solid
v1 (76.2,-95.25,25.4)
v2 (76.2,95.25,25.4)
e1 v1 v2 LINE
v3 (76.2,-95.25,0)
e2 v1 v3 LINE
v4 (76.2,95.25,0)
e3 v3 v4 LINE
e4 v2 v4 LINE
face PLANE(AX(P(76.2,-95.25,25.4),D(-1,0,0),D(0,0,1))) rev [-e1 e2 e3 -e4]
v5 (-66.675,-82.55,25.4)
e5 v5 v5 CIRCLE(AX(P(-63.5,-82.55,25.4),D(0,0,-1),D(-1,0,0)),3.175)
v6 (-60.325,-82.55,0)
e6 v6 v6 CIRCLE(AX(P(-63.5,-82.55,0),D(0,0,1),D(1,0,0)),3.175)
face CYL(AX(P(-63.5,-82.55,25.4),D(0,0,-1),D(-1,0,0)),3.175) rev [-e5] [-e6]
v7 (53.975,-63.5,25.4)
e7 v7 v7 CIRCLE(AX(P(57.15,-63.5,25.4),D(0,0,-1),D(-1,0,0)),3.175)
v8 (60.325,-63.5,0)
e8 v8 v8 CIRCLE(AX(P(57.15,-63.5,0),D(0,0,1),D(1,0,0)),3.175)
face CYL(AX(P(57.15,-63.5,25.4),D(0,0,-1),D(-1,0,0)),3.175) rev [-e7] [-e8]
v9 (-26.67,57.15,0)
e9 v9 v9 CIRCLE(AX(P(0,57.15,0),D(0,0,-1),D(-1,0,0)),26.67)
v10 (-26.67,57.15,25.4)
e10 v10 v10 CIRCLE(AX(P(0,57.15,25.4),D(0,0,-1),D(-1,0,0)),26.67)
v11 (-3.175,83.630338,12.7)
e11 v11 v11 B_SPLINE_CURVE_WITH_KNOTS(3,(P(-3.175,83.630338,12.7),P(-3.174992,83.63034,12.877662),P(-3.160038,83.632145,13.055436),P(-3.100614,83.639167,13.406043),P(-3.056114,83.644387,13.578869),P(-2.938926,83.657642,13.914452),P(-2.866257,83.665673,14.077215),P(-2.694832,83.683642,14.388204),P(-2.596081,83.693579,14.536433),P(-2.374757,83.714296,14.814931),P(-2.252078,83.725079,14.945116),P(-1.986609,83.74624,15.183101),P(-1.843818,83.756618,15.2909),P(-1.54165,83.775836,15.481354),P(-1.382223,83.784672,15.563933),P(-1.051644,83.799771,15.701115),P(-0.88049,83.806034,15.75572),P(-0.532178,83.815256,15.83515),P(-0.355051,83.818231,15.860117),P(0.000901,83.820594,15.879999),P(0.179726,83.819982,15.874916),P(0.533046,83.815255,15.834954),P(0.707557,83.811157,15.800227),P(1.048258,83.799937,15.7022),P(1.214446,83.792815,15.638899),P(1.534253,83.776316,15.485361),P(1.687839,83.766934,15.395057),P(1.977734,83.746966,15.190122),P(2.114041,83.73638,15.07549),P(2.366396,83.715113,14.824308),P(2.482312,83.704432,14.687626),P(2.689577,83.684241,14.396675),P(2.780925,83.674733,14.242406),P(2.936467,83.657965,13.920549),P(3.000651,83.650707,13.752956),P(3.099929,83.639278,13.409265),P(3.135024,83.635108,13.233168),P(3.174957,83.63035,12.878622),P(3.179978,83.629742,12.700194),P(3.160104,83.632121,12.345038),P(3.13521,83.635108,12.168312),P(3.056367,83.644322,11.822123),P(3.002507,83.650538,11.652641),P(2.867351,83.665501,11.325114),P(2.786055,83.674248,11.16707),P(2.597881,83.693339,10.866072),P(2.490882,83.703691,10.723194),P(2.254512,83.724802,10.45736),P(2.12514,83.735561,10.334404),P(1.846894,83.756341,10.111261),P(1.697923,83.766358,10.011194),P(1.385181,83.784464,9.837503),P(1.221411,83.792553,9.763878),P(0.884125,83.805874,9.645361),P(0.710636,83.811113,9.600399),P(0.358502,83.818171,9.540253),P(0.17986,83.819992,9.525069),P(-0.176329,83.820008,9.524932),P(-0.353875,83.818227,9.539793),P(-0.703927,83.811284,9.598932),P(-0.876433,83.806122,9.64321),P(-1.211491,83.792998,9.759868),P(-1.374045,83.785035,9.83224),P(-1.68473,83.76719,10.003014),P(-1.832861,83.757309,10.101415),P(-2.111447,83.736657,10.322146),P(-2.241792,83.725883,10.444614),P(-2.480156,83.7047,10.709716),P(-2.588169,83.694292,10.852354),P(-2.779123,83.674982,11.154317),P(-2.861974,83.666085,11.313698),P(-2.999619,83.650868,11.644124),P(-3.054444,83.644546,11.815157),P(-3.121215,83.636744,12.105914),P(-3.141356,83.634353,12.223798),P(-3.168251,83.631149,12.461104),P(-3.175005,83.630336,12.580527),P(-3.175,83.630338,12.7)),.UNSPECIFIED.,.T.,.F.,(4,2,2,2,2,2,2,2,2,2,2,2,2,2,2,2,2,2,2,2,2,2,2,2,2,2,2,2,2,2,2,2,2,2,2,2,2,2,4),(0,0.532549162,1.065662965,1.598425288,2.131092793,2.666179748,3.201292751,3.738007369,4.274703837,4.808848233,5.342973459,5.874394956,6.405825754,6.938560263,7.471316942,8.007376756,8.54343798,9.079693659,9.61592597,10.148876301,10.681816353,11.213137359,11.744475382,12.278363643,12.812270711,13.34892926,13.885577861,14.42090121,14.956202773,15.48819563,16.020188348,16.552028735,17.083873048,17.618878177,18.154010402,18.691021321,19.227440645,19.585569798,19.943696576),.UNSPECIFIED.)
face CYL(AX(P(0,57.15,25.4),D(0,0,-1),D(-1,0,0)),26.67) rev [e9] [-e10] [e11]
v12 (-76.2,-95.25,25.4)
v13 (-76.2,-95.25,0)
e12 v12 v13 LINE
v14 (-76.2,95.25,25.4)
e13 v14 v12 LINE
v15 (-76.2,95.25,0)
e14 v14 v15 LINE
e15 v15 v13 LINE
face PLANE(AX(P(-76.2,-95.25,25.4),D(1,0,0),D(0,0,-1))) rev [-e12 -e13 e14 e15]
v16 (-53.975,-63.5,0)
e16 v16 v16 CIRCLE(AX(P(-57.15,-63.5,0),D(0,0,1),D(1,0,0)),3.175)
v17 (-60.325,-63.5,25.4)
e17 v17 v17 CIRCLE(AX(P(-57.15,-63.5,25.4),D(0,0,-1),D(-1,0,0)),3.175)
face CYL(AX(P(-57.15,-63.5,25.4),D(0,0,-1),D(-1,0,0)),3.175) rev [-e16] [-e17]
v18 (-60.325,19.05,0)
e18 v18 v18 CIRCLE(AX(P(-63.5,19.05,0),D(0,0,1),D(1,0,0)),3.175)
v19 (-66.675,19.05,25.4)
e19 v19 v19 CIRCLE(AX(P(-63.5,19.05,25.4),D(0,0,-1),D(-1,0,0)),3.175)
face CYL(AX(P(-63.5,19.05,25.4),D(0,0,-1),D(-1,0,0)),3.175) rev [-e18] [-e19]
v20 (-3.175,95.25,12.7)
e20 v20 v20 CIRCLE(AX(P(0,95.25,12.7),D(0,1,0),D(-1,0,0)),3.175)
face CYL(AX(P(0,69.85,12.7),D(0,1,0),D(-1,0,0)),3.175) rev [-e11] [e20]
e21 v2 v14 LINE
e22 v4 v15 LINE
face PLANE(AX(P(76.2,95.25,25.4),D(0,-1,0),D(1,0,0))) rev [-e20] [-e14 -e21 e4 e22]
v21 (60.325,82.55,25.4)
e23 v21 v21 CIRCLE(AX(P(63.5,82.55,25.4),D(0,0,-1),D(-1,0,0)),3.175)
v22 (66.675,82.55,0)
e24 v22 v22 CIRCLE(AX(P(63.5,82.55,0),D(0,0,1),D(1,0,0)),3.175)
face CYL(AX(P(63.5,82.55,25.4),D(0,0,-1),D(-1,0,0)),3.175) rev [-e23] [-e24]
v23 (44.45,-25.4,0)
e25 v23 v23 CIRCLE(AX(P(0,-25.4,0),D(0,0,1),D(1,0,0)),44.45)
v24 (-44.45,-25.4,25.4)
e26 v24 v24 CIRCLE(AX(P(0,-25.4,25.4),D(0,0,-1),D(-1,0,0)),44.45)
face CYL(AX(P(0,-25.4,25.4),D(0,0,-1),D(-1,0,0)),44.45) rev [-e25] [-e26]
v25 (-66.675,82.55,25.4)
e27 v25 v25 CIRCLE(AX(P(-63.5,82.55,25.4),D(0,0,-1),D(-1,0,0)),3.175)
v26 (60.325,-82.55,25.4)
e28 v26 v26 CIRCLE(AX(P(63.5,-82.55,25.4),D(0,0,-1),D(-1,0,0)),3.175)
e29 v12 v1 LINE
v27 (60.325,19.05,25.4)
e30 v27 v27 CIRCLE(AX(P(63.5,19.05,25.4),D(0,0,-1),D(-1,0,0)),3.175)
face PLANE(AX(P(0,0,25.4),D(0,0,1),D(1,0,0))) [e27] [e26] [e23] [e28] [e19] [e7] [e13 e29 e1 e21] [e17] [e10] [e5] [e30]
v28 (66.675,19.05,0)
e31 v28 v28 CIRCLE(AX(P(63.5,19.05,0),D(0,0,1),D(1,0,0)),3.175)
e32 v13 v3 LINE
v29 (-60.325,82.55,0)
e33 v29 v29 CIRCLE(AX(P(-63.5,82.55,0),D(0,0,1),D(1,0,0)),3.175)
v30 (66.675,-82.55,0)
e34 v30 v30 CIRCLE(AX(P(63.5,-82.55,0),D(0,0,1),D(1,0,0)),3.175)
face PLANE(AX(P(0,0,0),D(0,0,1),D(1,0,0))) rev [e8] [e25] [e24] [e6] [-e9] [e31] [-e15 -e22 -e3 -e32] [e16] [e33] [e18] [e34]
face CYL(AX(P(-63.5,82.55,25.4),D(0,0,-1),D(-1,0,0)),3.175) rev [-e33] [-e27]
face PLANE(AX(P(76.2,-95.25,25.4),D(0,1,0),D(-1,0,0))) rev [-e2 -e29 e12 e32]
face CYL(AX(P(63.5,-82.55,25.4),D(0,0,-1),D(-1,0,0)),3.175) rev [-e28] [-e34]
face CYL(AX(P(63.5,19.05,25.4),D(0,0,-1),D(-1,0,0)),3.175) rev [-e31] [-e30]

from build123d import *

# Parameters (mm, degrees)
SKETCH1_W               = 152.4
SKETCH1_H               = 190.5
BOSS_EXTRUDE1_DEPTH     = 25.4
SKETCH2_R               = 26.67
CUT_EXTRUDE1_DEPTH      = 125.595997127
CUT_EXTRUDE3_DEPTH      = 125.595997127
CUT_EXTRUDE3_DEPTH_BACK = 125.595997127
SKETCH3_R               = 3.175
CUT_EXTRUDE4_DEPTH      = 125.595997127
CUT_EXTRUDE4_DEPTH_BACK = 125.595997127
SKETCH4_R               = 44.45
CUT_EXTRUDE5_DEPTH      = 125.595997127
CUT_EXTRUDE5_DEPTH_BACK = 125.595997127
SKETCH6_R               = 3.175
CUT_EXTRUDE6_DEPTH      = 125.595997127
CUT_EXTRUDE6_DEPTH_BACK = 125.595997127
SKETCH7_R               = 3.175
SKETCH8_R               = 3.175
CUT_EXTRUDE7_DEPTH      = 25.4


with BuildPart() as part:
    # Sketch1 → Boss-Extrude1 (new body)
    with BuildSketch(Plane.XY):
        Rectangle(SKETCH1_W, SKETCH1_H)
    extrude(amount=BOSS_EXTRUDE1_DEPTH)

    # Sketch2 → Cut-Extrude1 (cut, through all)
    with BuildSketch(Plane(origin=(0, 0, 0), x_dir=(-1, 0, 0), z_dir=(0, 0, -1))):
        with Locations((0, 57.15)):
            Circle(SKETCH2_R)
    extrude(amount=-CUT_EXTRUDE1_DEPTH, mode=Mode.SUBTRACT)

    # Sketch3 → Cut-Extrude3 (cut, two sides: drawn at the far end of the back side and taken through both)
    with BuildSketch(Plane(origin=(0, 0, 0), x_dir=(-1, 0, 0), z_dir=(0, 0, -1)).offset(-CUT_EXTRUDE3_DEPTH_BACK)):
        with Locations((-63.5, 82.55)):
            Circle(SKETCH3_R)
        with Locations((63.5, 82.55)):
            Circle(SKETCH3_R)
        with Locations((63.5, -82.55)):
            Circle(SKETCH3_R)
        with Locations((-63.5, -82.55)):
            Circle(SKETCH3_R)
    extrude(amount=CUT_EXTRUDE3_DEPTH + CUT_EXTRUDE3_DEPTH_BACK, mode=Mode.SUBTRACT)

    # Sketch4 → Cut-Extrude4 (cut, two sides: drawn at the far end of the back side and taken through both)
    with BuildSketch(Plane(origin=(0, 0, 0), x_dir=(-1, 0, 0), z_dir=(0, 0, -1)).offset(-CUT_EXTRUDE4_DEPTH_BACK)):
        with Locations((0, -25.4)):
            Circle(SKETCH4_R)
    extrude(amount=CUT_EXTRUDE4_DEPTH + CUT_EXTRUDE4_DEPTH_BACK, mode=Mode.SUBTRACT)

    # Sketch6 → Cut-Extrude5 (cut, two sides: drawn at the far end of the back side and taken through both)
    with BuildSketch(Plane(origin=(0, 0, 0), x_dir=(-1, 0, 0), z_dir=(0, 0, -1)).offset(-CUT_EXTRUDE5_DEPTH_BACK)):
        with Locations((-63.5, 19.05)):
            Circle(SKETCH6_R)
        with Locations((63.5, 19.05)):
            Circle(SKETCH6_R)
    extrude(amount=CUT_EXTRUDE5_DEPTH + CUT_EXTRUDE5_DEPTH_BACK, mode=Mode.SUBTRACT)

    # Sketch7 → Cut-Extrude6 (cut, two sides: drawn at the far end of the back side and taken through both)
    with BuildSketch(Plane(origin=(0, 0, 0), x_dir=(-1, 0, 0), z_dir=(0, 0, -1)).offset(-CUT_EXTRUDE6_DEPTH_BACK)):
        with Locations((-57.15, -63.5)):
            Circle(SKETCH7_R)
        with Locations((57.15, -63.5)):
            Circle(SKETCH7_R)
    extrude(amount=CUT_EXTRUDE6_DEPTH + CUT_EXTRUDE6_DEPTH_BACK, mode=Mode.SUBTRACT)

    # Sketch8 → Cut-Extrude7 (cut)
    with BuildSketch(Plane(origin=(0, 95.25, 0), x_dir=(1, 0, 0), z_dir=(0, 1, 0))):
        with Locations(Location((0, -12.7, 0), (0, 0, 180))):
            Circle(SKETCH8_R)
    extrude(amount=-CUT_EXTRUDE7_DEPTH, mode=Mode.SUBTRACT)


solid = part.part
